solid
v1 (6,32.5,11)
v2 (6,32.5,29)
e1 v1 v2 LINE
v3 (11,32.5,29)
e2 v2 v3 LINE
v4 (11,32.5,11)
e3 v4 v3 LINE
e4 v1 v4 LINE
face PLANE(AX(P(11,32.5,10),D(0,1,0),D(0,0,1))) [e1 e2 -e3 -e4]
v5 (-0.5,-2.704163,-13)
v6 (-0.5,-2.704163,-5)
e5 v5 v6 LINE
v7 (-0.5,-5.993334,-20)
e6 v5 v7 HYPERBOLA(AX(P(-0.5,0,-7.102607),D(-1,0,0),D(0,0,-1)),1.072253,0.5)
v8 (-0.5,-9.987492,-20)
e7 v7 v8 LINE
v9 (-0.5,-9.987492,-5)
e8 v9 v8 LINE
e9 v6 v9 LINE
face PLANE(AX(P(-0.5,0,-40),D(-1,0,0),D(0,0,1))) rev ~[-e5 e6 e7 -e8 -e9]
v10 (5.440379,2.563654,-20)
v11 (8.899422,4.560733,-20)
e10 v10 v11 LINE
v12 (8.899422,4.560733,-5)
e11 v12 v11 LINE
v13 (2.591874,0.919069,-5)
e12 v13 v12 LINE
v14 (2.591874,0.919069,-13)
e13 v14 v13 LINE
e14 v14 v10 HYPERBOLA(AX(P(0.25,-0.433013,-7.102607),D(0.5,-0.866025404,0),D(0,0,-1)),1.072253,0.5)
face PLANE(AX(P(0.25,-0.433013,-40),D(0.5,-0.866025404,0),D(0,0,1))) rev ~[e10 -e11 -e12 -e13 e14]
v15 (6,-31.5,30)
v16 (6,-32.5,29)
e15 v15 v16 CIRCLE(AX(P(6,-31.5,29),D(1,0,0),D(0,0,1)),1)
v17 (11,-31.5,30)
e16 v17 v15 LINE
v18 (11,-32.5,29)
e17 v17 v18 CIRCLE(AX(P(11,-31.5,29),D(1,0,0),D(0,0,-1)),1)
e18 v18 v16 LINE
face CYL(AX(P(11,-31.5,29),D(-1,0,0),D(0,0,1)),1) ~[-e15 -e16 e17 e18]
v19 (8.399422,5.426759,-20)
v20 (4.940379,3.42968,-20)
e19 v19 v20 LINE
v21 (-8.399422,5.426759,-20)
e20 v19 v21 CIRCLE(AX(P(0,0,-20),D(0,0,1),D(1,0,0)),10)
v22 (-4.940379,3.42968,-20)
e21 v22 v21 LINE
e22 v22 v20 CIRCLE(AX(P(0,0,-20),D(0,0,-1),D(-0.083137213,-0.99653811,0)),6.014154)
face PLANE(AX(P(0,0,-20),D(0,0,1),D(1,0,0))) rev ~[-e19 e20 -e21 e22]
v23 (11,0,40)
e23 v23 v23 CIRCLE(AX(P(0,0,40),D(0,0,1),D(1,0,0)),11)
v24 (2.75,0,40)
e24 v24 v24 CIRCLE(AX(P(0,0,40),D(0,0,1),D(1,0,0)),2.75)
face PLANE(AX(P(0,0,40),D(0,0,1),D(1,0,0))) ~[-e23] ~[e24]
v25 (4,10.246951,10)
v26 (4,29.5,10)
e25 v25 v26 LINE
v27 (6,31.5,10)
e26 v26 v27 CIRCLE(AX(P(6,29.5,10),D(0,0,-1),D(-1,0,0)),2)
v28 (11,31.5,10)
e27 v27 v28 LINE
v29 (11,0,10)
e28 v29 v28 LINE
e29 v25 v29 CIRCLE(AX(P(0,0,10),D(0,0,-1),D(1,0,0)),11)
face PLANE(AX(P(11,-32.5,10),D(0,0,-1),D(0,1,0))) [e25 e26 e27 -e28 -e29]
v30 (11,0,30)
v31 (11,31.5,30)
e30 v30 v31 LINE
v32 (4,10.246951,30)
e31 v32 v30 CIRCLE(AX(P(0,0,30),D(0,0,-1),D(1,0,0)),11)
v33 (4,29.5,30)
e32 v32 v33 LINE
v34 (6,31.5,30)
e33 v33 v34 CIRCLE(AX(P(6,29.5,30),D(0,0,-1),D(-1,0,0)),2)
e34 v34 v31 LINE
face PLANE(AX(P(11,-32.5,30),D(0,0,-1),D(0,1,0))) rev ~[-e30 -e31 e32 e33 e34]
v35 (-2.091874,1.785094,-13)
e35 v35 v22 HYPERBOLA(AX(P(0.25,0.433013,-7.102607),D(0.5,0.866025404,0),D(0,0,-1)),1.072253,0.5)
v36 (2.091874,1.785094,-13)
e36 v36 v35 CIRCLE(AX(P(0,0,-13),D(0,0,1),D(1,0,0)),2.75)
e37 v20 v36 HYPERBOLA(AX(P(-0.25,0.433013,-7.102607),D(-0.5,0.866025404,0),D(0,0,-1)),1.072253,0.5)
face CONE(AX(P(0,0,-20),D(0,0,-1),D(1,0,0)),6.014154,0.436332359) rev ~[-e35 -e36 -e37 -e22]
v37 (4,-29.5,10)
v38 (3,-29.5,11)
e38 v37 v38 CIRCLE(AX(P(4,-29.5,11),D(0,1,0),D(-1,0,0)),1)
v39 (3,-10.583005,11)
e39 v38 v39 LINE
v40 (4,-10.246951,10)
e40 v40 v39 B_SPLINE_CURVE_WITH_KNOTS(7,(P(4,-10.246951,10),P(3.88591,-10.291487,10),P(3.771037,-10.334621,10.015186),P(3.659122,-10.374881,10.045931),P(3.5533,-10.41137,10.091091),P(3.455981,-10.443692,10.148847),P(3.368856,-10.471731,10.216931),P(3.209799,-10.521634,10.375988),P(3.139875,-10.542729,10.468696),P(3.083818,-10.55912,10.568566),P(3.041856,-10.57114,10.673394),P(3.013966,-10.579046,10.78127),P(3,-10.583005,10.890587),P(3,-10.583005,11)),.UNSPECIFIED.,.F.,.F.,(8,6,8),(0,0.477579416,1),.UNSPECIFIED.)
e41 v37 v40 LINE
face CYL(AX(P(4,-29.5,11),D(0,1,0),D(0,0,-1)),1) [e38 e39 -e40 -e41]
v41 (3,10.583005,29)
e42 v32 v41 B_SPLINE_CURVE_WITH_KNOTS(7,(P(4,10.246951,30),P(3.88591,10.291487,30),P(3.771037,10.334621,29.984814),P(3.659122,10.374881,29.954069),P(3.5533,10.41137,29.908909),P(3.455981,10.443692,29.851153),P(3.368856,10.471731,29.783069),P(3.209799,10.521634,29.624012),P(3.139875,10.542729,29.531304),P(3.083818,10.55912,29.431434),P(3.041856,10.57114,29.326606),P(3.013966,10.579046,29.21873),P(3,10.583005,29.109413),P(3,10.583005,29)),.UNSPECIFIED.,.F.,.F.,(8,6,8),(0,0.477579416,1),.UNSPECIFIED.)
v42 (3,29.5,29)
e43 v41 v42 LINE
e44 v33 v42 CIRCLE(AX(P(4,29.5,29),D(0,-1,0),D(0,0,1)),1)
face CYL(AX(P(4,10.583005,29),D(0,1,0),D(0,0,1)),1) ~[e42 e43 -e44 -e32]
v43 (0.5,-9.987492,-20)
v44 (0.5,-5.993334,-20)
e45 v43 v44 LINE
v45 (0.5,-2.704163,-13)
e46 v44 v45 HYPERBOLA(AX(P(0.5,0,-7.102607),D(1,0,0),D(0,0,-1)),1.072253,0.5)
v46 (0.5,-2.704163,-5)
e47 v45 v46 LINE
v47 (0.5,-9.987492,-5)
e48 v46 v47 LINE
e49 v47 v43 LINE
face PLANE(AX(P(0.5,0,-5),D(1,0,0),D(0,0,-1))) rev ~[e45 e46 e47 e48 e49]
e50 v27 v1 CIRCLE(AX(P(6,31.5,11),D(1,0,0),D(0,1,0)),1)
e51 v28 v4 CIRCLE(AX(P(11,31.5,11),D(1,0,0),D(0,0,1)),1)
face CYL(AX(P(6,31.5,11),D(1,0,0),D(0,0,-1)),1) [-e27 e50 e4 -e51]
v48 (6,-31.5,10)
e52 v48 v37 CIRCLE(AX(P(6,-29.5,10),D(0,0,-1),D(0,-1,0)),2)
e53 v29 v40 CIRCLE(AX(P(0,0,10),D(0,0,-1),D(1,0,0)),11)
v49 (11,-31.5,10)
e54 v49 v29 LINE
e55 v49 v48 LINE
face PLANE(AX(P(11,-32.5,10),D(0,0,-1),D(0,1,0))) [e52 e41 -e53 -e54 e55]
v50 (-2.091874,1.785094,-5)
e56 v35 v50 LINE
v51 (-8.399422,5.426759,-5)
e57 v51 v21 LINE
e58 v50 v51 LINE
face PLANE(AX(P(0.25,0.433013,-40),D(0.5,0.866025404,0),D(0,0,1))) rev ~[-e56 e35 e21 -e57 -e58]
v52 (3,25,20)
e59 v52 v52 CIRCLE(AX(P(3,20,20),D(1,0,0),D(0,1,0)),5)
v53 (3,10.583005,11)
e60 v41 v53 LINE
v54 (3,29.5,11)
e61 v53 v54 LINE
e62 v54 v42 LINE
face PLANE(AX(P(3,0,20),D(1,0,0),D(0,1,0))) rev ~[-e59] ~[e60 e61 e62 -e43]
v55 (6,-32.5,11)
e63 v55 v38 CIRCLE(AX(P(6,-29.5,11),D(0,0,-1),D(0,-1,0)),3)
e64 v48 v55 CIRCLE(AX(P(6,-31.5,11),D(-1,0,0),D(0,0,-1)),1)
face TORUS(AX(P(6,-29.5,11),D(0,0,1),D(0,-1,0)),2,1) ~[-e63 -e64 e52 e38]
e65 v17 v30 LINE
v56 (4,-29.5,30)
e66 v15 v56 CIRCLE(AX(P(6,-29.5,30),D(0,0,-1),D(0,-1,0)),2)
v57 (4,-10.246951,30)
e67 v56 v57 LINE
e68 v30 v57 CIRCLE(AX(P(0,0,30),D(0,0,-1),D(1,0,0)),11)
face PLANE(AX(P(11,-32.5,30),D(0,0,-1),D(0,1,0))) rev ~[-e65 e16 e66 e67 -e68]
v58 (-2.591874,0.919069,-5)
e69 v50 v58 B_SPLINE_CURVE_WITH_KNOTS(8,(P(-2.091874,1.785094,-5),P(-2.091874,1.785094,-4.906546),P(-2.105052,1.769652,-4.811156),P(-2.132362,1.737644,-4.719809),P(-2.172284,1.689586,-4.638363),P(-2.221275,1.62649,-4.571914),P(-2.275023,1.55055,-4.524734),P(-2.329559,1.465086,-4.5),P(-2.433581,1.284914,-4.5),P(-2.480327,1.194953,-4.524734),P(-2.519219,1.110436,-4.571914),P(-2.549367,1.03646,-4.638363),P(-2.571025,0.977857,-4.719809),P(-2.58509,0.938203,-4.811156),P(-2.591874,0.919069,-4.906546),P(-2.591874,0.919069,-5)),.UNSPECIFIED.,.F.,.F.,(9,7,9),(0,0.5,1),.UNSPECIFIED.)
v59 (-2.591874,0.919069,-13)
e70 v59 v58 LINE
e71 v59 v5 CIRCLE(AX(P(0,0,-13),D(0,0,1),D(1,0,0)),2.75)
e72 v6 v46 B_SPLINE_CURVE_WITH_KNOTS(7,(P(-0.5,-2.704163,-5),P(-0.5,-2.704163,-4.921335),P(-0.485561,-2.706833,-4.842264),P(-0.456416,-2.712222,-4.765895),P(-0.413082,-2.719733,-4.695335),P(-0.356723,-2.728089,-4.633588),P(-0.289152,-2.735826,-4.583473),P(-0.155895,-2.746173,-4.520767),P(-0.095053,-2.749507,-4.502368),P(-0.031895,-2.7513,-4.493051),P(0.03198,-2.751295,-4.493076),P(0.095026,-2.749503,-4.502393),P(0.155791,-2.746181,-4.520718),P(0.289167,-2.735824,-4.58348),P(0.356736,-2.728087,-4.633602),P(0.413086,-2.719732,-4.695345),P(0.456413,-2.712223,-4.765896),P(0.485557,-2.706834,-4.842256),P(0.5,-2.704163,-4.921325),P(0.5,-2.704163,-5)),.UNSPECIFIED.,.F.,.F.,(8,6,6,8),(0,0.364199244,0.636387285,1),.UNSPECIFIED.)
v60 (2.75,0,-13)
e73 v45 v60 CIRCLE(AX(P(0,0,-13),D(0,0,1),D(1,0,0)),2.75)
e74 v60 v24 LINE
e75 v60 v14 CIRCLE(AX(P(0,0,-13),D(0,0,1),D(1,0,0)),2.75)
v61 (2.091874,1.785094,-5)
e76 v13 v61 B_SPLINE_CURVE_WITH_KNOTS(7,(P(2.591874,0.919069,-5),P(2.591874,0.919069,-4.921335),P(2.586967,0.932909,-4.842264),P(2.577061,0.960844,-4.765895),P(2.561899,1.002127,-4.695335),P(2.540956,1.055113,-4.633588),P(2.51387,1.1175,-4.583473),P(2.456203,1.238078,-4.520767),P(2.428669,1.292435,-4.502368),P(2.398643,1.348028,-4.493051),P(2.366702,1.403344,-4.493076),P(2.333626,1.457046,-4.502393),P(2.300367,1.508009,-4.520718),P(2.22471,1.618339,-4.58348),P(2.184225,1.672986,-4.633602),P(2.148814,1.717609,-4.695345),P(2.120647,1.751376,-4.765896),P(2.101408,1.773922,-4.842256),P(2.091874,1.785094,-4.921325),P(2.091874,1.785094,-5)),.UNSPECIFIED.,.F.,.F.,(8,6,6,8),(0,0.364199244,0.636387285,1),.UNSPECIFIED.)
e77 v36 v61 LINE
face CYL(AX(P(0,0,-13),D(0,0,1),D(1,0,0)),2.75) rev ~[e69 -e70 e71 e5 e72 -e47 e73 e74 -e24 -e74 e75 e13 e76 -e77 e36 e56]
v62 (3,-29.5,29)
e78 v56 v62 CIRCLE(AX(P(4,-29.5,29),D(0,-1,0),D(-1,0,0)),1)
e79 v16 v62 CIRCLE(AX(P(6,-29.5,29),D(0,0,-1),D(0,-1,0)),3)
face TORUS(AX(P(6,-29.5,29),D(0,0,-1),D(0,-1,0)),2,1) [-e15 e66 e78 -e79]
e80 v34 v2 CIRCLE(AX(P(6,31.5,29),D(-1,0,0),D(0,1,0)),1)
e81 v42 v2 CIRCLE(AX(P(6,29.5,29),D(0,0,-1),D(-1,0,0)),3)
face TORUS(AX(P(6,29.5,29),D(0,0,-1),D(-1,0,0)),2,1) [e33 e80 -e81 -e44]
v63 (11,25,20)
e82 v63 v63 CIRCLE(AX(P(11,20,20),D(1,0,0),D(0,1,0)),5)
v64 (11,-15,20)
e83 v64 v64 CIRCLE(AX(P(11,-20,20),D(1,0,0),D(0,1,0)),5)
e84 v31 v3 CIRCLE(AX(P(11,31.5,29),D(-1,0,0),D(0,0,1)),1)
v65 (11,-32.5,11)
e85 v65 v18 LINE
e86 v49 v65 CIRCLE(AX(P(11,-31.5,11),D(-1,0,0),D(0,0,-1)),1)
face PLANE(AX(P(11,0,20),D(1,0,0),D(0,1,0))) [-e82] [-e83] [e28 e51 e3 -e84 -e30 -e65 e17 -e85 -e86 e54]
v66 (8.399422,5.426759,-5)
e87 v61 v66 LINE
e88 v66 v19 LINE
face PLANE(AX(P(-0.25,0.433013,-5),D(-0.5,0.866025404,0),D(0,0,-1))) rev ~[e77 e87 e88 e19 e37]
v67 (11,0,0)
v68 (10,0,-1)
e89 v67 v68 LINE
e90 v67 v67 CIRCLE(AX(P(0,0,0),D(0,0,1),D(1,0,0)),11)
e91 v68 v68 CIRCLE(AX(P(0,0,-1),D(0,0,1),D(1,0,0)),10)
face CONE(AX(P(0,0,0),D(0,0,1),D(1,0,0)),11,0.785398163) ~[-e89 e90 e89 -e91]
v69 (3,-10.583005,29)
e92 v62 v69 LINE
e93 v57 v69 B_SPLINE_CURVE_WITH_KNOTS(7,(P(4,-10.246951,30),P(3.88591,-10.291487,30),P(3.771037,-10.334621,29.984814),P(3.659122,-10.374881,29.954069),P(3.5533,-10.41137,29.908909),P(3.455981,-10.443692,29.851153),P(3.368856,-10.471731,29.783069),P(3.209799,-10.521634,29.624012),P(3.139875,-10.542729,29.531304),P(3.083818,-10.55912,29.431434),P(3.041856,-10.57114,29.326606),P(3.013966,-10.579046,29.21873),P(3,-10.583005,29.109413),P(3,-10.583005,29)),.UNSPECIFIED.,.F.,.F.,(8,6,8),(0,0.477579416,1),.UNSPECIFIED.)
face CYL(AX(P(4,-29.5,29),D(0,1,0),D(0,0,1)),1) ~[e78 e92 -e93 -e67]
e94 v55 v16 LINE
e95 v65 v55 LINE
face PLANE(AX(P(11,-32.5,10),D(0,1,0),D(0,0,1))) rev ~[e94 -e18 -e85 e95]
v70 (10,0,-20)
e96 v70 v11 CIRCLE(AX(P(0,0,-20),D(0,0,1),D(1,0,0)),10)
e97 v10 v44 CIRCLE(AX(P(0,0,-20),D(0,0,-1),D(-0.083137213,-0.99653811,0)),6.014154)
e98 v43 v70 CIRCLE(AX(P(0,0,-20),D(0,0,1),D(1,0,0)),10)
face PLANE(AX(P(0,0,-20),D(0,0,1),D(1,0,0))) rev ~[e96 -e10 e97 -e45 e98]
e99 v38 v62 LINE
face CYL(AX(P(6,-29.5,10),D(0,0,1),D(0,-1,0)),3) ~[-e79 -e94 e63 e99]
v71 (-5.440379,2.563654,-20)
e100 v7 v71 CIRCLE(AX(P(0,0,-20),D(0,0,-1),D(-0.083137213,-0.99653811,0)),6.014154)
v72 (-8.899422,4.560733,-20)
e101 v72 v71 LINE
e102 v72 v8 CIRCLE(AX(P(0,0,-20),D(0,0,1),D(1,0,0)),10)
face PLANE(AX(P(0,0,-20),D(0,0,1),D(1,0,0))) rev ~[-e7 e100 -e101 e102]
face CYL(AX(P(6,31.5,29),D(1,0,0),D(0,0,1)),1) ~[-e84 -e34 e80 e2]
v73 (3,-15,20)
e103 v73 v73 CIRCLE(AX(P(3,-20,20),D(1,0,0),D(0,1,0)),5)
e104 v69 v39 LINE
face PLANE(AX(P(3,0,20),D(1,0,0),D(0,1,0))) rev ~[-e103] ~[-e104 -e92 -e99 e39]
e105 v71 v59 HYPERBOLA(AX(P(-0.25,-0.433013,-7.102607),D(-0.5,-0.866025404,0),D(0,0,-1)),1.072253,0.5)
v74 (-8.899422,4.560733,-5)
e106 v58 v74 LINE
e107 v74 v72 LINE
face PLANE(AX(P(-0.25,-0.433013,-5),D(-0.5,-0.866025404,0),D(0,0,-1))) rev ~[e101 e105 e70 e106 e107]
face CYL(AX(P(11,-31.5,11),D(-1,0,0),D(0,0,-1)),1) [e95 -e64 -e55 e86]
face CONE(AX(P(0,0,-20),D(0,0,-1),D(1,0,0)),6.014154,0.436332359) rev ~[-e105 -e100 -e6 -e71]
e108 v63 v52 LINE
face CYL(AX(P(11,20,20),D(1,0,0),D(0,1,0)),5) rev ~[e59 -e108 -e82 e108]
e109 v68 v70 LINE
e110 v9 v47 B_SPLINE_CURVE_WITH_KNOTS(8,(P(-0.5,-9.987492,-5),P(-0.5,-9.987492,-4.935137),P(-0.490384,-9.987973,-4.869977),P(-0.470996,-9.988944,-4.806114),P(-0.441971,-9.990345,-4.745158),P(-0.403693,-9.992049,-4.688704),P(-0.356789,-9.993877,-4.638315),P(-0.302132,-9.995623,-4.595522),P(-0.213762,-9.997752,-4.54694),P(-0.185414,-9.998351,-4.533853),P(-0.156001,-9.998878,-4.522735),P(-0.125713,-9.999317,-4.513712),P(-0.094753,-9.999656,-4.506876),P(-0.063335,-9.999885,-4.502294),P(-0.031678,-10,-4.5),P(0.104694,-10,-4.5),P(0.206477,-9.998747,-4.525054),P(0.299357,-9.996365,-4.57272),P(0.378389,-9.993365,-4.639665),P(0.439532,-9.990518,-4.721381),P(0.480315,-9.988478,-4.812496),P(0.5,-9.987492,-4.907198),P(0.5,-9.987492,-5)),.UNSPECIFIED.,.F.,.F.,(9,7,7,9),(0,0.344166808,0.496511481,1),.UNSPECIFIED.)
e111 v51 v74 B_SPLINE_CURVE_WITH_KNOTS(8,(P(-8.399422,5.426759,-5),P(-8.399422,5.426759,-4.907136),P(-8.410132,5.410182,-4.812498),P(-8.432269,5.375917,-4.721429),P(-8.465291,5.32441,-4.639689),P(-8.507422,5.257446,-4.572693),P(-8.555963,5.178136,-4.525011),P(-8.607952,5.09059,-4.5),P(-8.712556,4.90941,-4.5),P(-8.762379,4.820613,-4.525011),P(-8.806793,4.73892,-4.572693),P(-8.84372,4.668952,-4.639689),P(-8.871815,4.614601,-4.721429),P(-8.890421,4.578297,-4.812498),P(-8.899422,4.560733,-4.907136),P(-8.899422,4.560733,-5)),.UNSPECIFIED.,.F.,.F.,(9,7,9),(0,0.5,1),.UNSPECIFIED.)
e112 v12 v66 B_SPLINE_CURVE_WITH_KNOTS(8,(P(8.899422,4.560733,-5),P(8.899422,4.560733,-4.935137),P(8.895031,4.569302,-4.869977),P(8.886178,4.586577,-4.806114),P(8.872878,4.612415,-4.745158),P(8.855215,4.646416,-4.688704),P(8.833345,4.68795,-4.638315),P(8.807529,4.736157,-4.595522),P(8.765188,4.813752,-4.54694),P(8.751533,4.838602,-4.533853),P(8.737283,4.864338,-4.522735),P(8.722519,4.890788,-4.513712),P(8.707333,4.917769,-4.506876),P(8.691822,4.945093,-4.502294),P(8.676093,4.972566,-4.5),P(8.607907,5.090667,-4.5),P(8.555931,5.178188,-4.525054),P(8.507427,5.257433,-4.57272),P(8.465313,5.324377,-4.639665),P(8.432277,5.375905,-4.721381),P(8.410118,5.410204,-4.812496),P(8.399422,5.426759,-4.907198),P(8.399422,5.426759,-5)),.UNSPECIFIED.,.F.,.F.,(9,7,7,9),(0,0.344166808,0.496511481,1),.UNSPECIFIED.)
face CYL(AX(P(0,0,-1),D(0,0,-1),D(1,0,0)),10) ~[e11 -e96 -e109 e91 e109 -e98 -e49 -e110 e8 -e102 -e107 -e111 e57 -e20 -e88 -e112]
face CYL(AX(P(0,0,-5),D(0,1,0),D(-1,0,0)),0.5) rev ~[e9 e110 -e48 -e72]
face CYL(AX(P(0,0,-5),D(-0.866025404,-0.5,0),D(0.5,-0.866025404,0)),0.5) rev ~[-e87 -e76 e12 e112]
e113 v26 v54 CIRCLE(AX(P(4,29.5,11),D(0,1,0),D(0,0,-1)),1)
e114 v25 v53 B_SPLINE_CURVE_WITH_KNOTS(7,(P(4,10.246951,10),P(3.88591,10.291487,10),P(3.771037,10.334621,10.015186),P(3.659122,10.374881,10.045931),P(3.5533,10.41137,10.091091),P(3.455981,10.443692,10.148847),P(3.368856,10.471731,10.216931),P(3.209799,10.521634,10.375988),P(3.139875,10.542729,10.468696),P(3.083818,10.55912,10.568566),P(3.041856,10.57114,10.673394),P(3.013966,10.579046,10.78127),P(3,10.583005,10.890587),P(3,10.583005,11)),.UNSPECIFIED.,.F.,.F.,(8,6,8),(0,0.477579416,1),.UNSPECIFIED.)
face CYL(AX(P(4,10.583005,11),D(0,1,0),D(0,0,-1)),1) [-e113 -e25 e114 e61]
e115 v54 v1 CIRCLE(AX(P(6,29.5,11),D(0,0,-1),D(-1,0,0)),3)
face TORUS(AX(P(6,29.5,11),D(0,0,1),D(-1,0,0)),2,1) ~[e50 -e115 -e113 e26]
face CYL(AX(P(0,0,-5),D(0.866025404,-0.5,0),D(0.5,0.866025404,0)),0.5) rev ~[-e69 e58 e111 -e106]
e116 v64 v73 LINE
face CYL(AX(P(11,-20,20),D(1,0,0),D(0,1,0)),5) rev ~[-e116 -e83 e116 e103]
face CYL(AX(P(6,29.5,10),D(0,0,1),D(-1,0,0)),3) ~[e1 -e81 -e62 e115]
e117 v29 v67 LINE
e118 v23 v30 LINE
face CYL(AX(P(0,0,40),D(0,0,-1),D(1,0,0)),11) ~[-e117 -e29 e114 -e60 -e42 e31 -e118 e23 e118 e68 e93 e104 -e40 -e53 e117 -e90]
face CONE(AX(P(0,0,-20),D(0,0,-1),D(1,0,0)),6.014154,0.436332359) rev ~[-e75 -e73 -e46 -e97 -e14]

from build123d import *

# Parameters (mm, degrees)
POCKET_DEPTH       = 146.174962
POLARPATTERN_COUNT = 3
SKETCH002_W        = 65
SKETCH002_H        = 20
SKETCH002_R        = 5
PAD_DEPTH          = 8
FILLET_R           = 3
FILLET001_R        = 1


with BuildPart() as part:
    # Sketch → Revolution (revolve)
    with BuildSketch(Plane.XZ):
        Polygon((2.75, 40), (11, 40), (11, 0), (10, -1), (10, -20), (6.014154, -20), (2.75, -13), align=None)
    revolve(axis=Axis((0, 0, 0), (0, 0, 1)))

    # Sketch001 (on DatumPlane) → Pocket (cut, through all)
    with BuildSketch(Plane(origin=(0, 0, -20), x_dir=(1, 0, 0), z_dir=(0, 1, 0))):
        with BuildLine():
            Line((0.5, -15), (0.5, 20))
            Line((0.5, 20), (-0.5, 20))
            Line((-0.5, 20), (-0.5, -15))
            ThreePointArc((-0.5, -15), (0, -15.5), (0.5, -15))
        make_face()
    pocket = extrude(amount=-POCKET_DEPTH, mode=Mode.SUBTRACT)

    # PolarPattern: Pocket ×3 about axis
    polarpattern_axis = Axis((0, 0, 0), (0, 0, 1))
    for i in range(1, POLARPATTERN_COUNT):
        add(pocket.rotate(polarpattern_axis, i * 360 / POLARPATTERN_COUNT), mode=Mode.SUBTRACT)

    # Sketch002 (on DatumPlane) → Pad (join)
    with BuildSketch(Plane.YZ.offset(11)):
        with Locations((0, 20)):
            Rectangle(SKETCH002_W, SKETCH002_H)
        with Locations((-20, 20)):
            Circle(SKETCH002_R, mode=Mode.SUBTRACT)
        with Locations((20, 20)):
            Circle(SKETCH002_R, mode=Mode.SUBTRACT)
    extrude(amount=-PAD_DEPTH)

    # Fillet
    fillet_edges = [part.edges().sort_by_distance(p)[0] for p in [
        (3, -32.5, 20),
        (3, 32.5, 20),
    ]]
    fillet(fillet_edges, radius=FILLET_R)

    # Fillet001
    fillet001_edges = [part.edges().sort_by_distance(p)[0] for p in [
        (3, 20.041503, 30),
        (3, 20.041503, 10),
        (3, -20.041503, 10),
        (3, -20.041503, 30),
    ]]
    fillet(fillet001_edges, radius=FILLET001_R)


solid = part.part
